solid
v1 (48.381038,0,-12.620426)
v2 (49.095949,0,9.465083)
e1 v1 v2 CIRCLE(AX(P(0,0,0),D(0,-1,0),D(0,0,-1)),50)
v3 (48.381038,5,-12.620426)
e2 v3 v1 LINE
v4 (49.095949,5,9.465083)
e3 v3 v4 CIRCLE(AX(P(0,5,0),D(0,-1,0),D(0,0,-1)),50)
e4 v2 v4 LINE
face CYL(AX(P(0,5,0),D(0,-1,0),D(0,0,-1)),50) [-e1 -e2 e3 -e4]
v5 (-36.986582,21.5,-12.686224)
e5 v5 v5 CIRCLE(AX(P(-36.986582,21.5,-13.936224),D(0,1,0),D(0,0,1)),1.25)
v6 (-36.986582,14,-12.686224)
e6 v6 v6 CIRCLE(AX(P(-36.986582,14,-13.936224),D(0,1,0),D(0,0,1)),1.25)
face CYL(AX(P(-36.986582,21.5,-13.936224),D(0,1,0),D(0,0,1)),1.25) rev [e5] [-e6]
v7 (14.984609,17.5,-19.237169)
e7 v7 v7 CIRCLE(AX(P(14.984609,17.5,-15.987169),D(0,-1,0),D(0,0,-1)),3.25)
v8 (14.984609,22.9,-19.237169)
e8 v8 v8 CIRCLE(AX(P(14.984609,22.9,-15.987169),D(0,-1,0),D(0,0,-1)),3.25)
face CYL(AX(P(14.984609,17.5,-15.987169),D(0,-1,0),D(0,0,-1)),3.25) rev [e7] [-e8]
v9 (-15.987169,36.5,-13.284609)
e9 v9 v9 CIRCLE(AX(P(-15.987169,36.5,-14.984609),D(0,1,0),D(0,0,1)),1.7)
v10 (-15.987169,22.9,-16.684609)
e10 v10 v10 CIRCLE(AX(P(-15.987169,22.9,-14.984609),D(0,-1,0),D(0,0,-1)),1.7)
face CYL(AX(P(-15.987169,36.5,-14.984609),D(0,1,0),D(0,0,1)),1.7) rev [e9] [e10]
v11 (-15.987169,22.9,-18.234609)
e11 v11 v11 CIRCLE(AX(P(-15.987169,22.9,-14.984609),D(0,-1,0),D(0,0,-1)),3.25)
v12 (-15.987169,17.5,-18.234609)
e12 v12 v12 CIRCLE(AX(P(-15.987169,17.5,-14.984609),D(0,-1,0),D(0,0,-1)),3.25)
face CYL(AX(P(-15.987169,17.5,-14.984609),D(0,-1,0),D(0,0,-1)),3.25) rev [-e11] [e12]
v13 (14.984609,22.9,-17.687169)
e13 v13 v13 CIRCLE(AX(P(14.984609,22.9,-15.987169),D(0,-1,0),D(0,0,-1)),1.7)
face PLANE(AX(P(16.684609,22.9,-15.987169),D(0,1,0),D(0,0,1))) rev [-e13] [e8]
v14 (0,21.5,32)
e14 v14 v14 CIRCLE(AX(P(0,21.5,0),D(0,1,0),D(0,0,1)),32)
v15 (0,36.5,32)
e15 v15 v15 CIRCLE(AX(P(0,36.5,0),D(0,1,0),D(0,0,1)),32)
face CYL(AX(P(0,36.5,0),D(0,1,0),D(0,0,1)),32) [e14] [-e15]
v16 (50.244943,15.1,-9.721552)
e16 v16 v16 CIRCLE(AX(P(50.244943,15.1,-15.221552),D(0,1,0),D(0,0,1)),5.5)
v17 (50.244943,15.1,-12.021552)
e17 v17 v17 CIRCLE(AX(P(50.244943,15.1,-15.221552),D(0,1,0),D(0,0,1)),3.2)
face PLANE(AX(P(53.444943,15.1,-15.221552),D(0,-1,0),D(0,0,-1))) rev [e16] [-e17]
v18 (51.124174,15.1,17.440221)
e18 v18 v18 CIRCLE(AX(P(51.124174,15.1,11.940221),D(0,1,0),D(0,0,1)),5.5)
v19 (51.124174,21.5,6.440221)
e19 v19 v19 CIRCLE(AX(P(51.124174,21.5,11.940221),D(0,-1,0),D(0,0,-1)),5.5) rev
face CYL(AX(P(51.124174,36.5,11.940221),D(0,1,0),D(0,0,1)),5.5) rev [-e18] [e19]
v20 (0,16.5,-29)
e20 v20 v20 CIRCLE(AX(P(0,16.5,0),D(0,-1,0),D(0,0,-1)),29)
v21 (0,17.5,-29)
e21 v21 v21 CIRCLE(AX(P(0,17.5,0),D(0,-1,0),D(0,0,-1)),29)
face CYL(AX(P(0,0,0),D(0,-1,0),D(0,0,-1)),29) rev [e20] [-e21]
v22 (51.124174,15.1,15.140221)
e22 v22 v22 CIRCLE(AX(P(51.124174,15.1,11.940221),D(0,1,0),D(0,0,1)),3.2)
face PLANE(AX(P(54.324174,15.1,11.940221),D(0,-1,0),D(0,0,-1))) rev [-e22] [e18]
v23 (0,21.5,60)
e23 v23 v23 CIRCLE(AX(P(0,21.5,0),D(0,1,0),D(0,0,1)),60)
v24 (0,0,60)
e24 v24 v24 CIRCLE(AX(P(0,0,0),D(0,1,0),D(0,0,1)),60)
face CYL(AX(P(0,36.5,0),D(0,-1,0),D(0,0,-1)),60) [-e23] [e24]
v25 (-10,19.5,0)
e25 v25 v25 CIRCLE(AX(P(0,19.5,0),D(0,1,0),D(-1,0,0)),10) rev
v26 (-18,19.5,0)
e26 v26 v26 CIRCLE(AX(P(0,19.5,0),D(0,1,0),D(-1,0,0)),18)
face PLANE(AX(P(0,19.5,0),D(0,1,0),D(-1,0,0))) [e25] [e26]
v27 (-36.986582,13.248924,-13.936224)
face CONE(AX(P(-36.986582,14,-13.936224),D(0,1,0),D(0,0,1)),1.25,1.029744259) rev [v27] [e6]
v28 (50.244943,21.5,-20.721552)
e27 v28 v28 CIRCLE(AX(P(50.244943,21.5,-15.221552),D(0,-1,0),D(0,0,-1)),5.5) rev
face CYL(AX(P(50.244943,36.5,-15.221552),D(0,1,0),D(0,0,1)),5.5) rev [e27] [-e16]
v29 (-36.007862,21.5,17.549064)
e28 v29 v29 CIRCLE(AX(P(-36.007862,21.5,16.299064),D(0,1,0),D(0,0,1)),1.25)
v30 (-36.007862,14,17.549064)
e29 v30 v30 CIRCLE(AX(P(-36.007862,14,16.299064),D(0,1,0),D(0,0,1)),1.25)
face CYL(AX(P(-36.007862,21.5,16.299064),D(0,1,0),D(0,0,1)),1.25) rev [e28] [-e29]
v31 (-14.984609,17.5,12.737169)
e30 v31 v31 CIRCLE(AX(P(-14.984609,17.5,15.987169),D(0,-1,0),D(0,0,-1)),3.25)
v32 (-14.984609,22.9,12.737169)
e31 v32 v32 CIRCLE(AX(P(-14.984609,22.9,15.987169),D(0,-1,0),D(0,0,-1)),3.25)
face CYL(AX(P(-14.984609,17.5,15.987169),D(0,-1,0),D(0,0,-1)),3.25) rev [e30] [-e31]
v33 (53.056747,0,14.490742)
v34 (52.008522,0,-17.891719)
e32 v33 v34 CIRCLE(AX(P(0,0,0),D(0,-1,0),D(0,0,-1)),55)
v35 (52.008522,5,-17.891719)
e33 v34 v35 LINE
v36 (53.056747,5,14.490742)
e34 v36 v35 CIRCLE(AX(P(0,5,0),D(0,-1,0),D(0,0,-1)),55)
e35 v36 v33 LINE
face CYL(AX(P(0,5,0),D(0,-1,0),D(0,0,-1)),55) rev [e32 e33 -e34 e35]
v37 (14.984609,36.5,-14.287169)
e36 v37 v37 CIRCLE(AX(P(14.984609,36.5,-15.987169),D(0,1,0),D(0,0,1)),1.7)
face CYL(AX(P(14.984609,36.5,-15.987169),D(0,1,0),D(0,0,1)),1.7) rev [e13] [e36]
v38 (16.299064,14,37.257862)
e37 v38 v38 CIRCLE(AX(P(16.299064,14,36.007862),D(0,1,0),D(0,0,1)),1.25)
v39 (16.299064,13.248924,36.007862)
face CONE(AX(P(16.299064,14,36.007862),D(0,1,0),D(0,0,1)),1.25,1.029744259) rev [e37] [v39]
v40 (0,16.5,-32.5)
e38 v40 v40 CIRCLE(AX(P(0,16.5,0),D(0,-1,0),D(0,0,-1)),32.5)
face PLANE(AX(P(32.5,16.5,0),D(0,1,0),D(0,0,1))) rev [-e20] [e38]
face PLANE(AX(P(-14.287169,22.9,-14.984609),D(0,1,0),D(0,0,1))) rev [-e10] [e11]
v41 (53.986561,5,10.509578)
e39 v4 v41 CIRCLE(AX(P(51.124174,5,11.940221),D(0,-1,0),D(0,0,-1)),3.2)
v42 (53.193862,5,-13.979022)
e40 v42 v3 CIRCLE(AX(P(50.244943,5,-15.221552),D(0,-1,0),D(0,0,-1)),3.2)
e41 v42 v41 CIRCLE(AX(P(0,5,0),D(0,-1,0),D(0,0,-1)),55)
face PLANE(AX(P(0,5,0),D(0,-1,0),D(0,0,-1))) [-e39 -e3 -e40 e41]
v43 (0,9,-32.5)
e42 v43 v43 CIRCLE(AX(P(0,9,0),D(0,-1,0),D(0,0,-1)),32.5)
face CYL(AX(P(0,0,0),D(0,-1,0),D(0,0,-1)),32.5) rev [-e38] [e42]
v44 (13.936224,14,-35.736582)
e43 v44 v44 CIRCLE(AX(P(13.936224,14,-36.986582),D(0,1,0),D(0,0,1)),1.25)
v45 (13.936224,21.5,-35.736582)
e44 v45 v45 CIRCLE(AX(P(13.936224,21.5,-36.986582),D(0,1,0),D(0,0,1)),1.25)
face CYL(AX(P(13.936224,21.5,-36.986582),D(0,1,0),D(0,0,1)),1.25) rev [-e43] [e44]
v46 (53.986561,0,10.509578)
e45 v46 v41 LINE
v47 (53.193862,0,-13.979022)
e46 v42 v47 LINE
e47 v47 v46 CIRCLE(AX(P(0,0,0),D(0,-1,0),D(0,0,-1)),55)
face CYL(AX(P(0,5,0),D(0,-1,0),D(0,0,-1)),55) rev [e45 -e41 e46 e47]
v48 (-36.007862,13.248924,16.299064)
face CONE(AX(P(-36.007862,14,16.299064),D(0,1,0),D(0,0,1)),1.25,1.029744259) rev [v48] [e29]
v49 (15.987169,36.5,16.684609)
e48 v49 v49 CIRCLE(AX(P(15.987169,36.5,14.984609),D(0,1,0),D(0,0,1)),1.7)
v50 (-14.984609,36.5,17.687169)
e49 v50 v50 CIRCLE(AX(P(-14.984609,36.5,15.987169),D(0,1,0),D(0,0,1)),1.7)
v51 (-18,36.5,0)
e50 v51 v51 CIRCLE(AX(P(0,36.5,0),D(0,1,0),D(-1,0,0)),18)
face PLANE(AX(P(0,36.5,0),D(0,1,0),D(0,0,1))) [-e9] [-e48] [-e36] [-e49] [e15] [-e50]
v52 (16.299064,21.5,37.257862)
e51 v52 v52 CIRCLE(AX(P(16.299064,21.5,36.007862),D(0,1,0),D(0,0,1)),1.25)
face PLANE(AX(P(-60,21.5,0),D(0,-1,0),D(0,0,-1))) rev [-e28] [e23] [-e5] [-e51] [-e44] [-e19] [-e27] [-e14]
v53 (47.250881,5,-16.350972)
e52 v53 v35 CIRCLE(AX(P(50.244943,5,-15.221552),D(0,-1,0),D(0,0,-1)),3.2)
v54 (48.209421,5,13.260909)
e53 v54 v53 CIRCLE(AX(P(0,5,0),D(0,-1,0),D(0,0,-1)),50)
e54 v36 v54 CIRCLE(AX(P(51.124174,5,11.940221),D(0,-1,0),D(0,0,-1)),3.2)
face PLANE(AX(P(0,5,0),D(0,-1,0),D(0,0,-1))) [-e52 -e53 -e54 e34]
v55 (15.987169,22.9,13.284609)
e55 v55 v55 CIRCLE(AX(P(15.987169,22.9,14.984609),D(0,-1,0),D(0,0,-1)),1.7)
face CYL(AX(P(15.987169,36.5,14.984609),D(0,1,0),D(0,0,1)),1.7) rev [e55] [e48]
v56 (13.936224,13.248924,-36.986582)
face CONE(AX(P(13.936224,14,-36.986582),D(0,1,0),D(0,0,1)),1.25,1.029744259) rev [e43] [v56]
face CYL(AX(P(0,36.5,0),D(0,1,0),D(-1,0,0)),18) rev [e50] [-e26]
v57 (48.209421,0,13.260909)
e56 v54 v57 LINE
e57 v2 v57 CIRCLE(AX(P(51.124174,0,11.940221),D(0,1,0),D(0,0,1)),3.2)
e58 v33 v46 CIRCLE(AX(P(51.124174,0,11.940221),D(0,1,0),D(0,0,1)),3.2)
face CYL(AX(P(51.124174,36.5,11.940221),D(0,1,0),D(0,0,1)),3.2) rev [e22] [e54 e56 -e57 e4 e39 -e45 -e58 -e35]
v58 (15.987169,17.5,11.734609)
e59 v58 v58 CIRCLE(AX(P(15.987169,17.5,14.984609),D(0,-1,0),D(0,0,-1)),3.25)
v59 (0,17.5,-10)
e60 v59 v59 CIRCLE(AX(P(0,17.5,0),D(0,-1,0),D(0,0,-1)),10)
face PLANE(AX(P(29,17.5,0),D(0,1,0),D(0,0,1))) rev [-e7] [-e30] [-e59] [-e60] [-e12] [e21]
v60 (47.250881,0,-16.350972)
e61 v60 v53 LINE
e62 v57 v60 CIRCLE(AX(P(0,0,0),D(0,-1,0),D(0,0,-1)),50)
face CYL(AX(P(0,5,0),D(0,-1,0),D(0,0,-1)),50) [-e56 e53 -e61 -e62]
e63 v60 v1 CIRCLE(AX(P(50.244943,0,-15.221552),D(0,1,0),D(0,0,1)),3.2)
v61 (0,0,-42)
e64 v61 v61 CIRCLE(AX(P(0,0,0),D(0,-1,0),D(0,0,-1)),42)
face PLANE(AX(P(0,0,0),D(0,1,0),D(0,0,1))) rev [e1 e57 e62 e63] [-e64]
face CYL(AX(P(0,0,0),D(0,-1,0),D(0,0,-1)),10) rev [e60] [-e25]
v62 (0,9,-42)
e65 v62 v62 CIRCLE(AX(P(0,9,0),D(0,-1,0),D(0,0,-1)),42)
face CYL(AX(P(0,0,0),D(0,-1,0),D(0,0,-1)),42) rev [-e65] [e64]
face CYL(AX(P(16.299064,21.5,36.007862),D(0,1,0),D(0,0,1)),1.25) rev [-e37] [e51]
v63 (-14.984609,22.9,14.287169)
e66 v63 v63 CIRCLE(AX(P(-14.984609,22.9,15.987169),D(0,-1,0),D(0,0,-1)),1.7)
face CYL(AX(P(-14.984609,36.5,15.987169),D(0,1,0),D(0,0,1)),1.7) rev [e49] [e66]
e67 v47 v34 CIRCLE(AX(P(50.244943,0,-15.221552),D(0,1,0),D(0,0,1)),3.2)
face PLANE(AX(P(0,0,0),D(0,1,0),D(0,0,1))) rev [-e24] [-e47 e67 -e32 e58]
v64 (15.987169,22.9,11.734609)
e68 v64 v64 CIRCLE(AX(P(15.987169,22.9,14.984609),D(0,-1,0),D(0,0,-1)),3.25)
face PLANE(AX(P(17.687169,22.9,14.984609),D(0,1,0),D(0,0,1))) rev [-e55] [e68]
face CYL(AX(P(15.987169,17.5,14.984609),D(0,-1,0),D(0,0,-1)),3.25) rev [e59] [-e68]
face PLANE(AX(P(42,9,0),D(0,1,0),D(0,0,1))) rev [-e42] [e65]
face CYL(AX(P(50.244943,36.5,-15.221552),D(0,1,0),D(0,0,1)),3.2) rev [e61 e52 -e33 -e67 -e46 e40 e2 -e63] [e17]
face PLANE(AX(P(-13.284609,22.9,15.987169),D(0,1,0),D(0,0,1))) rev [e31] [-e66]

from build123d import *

# Parameters (mm, degrees)
SKETCH1_R                                           = 60
BOSS_EXTRUDE1_DEPTH                                 = 36.5
SKETCH2_R                                           = 55
SKETCH2_R_2                                         = 50
CUT_EXTRUDE1_DEPTH                                  = 5
SKETCH5_W                                           = 18
SKETCH5_H                                           = 17
CBORE_FOR_M6_HEX_SOCKET_HEAD_CAP_SCREW1_D           = 6.4
CBORE_FOR_M6_HEX_SOCKET_HEAD_CAP_SCREW1_CBORE_D     = 11
CBORE_FOR_M6_HEX_SOCKET_HEAD_CAP_SCREW1_CBORE_DEPTH = 21.4
M3_CLEARANCE_HOLE1_D                                = 3.4
CBORE_FOR_M3_HEX_SOCKET_HEAD_CAP_SCREW1_D           = 3.4
CBORE_FOR_M3_HEX_SOCKET_HEAD_CAP_SCREW1_CBORE_D     = 6.5
CBORE_FOR_M3_HEX_SOCKET_HEAD_CAP_SCREW1_CBORE_DEPTH = 5.4
SKETCH12_W                                          = 28
SKETCH12_H                                          = 15
M3_TAPPED_HOLE1_D                                   = 2.5
M3_TAPPED_HOLE1_DEPTH                               = 7.5
M3_TAPPED_HOLE1_TIP                                 = 0.751075774


with BuildPart() as part:
    # Sketch1 → Boss-Extrude1 (new body)
    with BuildSketch(Plane(origin=(0, 0, 0), x_dir=(1, 0, 0), z_dir=(0, 1, 0))):
        with Locations(Location((0, 0, 0), (0, 0, 270))):
            Circle(SKETCH1_R)
    extrude(amount=BOSS_EXTRUDE1_DEPTH)

    # Sketch2 → Cut-Extrude1 (cut)
    with BuildSketch(Plane(origin=(0, 0, 0), x_dir=(-1, 0, 0), z_dir=(0, -1, 0))):
        with Locations(Location((0, 0, 0), (0, 0, 90))):
            Circle(SKETCH2_R)
        with Locations(Location((0, 0, 0), (0, 0, 90))):
            Circle(SKETCH2_R_2, mode=Mode.SUBTRACT)
    extrude(amount=-CUT_EXTRUDE1_DEPTH, mode=Mode.SUBTRACT)

    # Sketch4 → Cut-Revolve1 (revolve, cut)
    with BuildSketch(Plane.XY, mode=Mode.PRIVATE) as cut_revolve1_sk:
        Polygon((42, 0), (42, 9), (32.5, 9), (32.5, 16.5), (29, 16.5), (29, 17.5), (10, 17.5), (10, 30.321453401), (0, 30.321453401), (0, 0), align=None)
    revolve(cut_revolve1_sk.sketch.rotate(Axis((0, 0, 0), (0, 1, 0)), 90), axis=Axis((0, 0, 0), (0, 1, 0)), mode=Mode.SUBTRACT)

    # Sketch5 → Cut-Revolve2 (revolve, cut)
    with BuildSketch(Plane.XY, mode=Mode.PRIVATE) as cut_revolve2_sk:
        with Locations((9, 28)):
            Rectangle(SKETCH5_W, SKETCH5_H)
    revolve(cut_revolve2_sk.sketch.rotate(Axis((0, 36.5, 0), (0, -1, 0)), 270), axis=Axis((0, 36.5, 0), (0, -1, 0)), mode=Mode.SUBTRACT)

    # CBORE for M6 Hex Socket Head Cap Screw1 (through all)
    with Locations(Plane(origin=(0, 36.5, 0), x_dir=(1, 0, 0), z_dir=(0, 1, 0))):
        with Locations((51.124173651, -11.94022062), (50.24494344, 15.221552442)):
            CounterBoreHole(CBORE_FOR_M6_HEX_SOCKET_HEAD_CAP_SCREW1_D / 2, CBORE_FOR_M6_HEX_SOCKET_HEAD_CAP_SCREW1_CBORE_D / 2, CBORE_FOR_M6_HEX_SOCKET_HEAD_CAP_SCREW1_CBORE_DEPTH)

    # M3 Clearance Hole1 (through all)
    with Locations(Plane(origin=(0, 36.5, 0), x_dir=(1, 0, 0), z_dir=(0, 1, 0))):
        with Locations((14.984608584, 15.987169155), (15.987169155, -14.984608584), (-14.984608584, -15.987169155), (-15.987169155, 14.984608584)):
            Hole(M3_CLEARANCE_HOLE1_D / 2)

    # CBORE for M3 Hex Socket Head Cap Screw1 (through all)
    with Locations(Plane(origin=(0, 17.5, 0), x_dir=(-1, 0, 0), z_dir=(0, -1, 0))):
        with Locations((15.987169155, 14.984608584), (-14.984608584, 15.987169155), (-15.987169155, -14.984608584), (14.984608584, -15.987169155)):
            CounterBoreHole(CBORE_FOR_M3_HEX_SOCKET_HEAD_CAP_SCREW1_D / 2, CBORE_FOR_M3_HEX_SOCKET_HEAD_CAP_SCREW1_CBORE_D / 2, CBORE_FOR_M3_HEX_SOCKET_HEAD_CAP_SCREW1_CBORE_DEPTH)

    # Sketch12 → Cut-Revolve3 (revolve, cut)
    with BuildSketch(Plane.XY, mode=Mode.PRIVATE) as cut_revolve3_sk:
        with Locations((-46, 29)):
            Rectangle(SKETCH12_W, SKETCH12_H)
    revolve(cut_revolve3_sk.sketch.rotate(Axis((0, 36.5, 0), (0, -1, 0)), 270), axis=Axis((0, 36.5, 0), (0, -1, 0)), mode=Mode.SUBTRACT)

    # M3 Tapped Hole1
    with Locations(Plane(origin=(0, 21.5, 0), x_dir=(1, 0, 0), z_dir=(0, 1, 0))):
        with Locations((13.936224468, 36.986582332), (-36.986582332, 13.936224468), (-36.007862005, -16.299064354), (16.299064354, -36.007862005)):
            Hole(M3_TAPPED_HOLE1_D / 2, depth=M3_TAPPED_HOLE1_DEPTH)
            with Locations((0, 0, -(M3_TAPPED_HOLE1_DEPTH + M3_TAPPED_HOLE1_TIP / 2))):  # 118° drill point
                Cone(0, M3_TAPPED_HOLE1_D / 2, M3_TAPPED_HOLE1_TIP, mode=Mode.SUBTRACT)


solid = part.part
